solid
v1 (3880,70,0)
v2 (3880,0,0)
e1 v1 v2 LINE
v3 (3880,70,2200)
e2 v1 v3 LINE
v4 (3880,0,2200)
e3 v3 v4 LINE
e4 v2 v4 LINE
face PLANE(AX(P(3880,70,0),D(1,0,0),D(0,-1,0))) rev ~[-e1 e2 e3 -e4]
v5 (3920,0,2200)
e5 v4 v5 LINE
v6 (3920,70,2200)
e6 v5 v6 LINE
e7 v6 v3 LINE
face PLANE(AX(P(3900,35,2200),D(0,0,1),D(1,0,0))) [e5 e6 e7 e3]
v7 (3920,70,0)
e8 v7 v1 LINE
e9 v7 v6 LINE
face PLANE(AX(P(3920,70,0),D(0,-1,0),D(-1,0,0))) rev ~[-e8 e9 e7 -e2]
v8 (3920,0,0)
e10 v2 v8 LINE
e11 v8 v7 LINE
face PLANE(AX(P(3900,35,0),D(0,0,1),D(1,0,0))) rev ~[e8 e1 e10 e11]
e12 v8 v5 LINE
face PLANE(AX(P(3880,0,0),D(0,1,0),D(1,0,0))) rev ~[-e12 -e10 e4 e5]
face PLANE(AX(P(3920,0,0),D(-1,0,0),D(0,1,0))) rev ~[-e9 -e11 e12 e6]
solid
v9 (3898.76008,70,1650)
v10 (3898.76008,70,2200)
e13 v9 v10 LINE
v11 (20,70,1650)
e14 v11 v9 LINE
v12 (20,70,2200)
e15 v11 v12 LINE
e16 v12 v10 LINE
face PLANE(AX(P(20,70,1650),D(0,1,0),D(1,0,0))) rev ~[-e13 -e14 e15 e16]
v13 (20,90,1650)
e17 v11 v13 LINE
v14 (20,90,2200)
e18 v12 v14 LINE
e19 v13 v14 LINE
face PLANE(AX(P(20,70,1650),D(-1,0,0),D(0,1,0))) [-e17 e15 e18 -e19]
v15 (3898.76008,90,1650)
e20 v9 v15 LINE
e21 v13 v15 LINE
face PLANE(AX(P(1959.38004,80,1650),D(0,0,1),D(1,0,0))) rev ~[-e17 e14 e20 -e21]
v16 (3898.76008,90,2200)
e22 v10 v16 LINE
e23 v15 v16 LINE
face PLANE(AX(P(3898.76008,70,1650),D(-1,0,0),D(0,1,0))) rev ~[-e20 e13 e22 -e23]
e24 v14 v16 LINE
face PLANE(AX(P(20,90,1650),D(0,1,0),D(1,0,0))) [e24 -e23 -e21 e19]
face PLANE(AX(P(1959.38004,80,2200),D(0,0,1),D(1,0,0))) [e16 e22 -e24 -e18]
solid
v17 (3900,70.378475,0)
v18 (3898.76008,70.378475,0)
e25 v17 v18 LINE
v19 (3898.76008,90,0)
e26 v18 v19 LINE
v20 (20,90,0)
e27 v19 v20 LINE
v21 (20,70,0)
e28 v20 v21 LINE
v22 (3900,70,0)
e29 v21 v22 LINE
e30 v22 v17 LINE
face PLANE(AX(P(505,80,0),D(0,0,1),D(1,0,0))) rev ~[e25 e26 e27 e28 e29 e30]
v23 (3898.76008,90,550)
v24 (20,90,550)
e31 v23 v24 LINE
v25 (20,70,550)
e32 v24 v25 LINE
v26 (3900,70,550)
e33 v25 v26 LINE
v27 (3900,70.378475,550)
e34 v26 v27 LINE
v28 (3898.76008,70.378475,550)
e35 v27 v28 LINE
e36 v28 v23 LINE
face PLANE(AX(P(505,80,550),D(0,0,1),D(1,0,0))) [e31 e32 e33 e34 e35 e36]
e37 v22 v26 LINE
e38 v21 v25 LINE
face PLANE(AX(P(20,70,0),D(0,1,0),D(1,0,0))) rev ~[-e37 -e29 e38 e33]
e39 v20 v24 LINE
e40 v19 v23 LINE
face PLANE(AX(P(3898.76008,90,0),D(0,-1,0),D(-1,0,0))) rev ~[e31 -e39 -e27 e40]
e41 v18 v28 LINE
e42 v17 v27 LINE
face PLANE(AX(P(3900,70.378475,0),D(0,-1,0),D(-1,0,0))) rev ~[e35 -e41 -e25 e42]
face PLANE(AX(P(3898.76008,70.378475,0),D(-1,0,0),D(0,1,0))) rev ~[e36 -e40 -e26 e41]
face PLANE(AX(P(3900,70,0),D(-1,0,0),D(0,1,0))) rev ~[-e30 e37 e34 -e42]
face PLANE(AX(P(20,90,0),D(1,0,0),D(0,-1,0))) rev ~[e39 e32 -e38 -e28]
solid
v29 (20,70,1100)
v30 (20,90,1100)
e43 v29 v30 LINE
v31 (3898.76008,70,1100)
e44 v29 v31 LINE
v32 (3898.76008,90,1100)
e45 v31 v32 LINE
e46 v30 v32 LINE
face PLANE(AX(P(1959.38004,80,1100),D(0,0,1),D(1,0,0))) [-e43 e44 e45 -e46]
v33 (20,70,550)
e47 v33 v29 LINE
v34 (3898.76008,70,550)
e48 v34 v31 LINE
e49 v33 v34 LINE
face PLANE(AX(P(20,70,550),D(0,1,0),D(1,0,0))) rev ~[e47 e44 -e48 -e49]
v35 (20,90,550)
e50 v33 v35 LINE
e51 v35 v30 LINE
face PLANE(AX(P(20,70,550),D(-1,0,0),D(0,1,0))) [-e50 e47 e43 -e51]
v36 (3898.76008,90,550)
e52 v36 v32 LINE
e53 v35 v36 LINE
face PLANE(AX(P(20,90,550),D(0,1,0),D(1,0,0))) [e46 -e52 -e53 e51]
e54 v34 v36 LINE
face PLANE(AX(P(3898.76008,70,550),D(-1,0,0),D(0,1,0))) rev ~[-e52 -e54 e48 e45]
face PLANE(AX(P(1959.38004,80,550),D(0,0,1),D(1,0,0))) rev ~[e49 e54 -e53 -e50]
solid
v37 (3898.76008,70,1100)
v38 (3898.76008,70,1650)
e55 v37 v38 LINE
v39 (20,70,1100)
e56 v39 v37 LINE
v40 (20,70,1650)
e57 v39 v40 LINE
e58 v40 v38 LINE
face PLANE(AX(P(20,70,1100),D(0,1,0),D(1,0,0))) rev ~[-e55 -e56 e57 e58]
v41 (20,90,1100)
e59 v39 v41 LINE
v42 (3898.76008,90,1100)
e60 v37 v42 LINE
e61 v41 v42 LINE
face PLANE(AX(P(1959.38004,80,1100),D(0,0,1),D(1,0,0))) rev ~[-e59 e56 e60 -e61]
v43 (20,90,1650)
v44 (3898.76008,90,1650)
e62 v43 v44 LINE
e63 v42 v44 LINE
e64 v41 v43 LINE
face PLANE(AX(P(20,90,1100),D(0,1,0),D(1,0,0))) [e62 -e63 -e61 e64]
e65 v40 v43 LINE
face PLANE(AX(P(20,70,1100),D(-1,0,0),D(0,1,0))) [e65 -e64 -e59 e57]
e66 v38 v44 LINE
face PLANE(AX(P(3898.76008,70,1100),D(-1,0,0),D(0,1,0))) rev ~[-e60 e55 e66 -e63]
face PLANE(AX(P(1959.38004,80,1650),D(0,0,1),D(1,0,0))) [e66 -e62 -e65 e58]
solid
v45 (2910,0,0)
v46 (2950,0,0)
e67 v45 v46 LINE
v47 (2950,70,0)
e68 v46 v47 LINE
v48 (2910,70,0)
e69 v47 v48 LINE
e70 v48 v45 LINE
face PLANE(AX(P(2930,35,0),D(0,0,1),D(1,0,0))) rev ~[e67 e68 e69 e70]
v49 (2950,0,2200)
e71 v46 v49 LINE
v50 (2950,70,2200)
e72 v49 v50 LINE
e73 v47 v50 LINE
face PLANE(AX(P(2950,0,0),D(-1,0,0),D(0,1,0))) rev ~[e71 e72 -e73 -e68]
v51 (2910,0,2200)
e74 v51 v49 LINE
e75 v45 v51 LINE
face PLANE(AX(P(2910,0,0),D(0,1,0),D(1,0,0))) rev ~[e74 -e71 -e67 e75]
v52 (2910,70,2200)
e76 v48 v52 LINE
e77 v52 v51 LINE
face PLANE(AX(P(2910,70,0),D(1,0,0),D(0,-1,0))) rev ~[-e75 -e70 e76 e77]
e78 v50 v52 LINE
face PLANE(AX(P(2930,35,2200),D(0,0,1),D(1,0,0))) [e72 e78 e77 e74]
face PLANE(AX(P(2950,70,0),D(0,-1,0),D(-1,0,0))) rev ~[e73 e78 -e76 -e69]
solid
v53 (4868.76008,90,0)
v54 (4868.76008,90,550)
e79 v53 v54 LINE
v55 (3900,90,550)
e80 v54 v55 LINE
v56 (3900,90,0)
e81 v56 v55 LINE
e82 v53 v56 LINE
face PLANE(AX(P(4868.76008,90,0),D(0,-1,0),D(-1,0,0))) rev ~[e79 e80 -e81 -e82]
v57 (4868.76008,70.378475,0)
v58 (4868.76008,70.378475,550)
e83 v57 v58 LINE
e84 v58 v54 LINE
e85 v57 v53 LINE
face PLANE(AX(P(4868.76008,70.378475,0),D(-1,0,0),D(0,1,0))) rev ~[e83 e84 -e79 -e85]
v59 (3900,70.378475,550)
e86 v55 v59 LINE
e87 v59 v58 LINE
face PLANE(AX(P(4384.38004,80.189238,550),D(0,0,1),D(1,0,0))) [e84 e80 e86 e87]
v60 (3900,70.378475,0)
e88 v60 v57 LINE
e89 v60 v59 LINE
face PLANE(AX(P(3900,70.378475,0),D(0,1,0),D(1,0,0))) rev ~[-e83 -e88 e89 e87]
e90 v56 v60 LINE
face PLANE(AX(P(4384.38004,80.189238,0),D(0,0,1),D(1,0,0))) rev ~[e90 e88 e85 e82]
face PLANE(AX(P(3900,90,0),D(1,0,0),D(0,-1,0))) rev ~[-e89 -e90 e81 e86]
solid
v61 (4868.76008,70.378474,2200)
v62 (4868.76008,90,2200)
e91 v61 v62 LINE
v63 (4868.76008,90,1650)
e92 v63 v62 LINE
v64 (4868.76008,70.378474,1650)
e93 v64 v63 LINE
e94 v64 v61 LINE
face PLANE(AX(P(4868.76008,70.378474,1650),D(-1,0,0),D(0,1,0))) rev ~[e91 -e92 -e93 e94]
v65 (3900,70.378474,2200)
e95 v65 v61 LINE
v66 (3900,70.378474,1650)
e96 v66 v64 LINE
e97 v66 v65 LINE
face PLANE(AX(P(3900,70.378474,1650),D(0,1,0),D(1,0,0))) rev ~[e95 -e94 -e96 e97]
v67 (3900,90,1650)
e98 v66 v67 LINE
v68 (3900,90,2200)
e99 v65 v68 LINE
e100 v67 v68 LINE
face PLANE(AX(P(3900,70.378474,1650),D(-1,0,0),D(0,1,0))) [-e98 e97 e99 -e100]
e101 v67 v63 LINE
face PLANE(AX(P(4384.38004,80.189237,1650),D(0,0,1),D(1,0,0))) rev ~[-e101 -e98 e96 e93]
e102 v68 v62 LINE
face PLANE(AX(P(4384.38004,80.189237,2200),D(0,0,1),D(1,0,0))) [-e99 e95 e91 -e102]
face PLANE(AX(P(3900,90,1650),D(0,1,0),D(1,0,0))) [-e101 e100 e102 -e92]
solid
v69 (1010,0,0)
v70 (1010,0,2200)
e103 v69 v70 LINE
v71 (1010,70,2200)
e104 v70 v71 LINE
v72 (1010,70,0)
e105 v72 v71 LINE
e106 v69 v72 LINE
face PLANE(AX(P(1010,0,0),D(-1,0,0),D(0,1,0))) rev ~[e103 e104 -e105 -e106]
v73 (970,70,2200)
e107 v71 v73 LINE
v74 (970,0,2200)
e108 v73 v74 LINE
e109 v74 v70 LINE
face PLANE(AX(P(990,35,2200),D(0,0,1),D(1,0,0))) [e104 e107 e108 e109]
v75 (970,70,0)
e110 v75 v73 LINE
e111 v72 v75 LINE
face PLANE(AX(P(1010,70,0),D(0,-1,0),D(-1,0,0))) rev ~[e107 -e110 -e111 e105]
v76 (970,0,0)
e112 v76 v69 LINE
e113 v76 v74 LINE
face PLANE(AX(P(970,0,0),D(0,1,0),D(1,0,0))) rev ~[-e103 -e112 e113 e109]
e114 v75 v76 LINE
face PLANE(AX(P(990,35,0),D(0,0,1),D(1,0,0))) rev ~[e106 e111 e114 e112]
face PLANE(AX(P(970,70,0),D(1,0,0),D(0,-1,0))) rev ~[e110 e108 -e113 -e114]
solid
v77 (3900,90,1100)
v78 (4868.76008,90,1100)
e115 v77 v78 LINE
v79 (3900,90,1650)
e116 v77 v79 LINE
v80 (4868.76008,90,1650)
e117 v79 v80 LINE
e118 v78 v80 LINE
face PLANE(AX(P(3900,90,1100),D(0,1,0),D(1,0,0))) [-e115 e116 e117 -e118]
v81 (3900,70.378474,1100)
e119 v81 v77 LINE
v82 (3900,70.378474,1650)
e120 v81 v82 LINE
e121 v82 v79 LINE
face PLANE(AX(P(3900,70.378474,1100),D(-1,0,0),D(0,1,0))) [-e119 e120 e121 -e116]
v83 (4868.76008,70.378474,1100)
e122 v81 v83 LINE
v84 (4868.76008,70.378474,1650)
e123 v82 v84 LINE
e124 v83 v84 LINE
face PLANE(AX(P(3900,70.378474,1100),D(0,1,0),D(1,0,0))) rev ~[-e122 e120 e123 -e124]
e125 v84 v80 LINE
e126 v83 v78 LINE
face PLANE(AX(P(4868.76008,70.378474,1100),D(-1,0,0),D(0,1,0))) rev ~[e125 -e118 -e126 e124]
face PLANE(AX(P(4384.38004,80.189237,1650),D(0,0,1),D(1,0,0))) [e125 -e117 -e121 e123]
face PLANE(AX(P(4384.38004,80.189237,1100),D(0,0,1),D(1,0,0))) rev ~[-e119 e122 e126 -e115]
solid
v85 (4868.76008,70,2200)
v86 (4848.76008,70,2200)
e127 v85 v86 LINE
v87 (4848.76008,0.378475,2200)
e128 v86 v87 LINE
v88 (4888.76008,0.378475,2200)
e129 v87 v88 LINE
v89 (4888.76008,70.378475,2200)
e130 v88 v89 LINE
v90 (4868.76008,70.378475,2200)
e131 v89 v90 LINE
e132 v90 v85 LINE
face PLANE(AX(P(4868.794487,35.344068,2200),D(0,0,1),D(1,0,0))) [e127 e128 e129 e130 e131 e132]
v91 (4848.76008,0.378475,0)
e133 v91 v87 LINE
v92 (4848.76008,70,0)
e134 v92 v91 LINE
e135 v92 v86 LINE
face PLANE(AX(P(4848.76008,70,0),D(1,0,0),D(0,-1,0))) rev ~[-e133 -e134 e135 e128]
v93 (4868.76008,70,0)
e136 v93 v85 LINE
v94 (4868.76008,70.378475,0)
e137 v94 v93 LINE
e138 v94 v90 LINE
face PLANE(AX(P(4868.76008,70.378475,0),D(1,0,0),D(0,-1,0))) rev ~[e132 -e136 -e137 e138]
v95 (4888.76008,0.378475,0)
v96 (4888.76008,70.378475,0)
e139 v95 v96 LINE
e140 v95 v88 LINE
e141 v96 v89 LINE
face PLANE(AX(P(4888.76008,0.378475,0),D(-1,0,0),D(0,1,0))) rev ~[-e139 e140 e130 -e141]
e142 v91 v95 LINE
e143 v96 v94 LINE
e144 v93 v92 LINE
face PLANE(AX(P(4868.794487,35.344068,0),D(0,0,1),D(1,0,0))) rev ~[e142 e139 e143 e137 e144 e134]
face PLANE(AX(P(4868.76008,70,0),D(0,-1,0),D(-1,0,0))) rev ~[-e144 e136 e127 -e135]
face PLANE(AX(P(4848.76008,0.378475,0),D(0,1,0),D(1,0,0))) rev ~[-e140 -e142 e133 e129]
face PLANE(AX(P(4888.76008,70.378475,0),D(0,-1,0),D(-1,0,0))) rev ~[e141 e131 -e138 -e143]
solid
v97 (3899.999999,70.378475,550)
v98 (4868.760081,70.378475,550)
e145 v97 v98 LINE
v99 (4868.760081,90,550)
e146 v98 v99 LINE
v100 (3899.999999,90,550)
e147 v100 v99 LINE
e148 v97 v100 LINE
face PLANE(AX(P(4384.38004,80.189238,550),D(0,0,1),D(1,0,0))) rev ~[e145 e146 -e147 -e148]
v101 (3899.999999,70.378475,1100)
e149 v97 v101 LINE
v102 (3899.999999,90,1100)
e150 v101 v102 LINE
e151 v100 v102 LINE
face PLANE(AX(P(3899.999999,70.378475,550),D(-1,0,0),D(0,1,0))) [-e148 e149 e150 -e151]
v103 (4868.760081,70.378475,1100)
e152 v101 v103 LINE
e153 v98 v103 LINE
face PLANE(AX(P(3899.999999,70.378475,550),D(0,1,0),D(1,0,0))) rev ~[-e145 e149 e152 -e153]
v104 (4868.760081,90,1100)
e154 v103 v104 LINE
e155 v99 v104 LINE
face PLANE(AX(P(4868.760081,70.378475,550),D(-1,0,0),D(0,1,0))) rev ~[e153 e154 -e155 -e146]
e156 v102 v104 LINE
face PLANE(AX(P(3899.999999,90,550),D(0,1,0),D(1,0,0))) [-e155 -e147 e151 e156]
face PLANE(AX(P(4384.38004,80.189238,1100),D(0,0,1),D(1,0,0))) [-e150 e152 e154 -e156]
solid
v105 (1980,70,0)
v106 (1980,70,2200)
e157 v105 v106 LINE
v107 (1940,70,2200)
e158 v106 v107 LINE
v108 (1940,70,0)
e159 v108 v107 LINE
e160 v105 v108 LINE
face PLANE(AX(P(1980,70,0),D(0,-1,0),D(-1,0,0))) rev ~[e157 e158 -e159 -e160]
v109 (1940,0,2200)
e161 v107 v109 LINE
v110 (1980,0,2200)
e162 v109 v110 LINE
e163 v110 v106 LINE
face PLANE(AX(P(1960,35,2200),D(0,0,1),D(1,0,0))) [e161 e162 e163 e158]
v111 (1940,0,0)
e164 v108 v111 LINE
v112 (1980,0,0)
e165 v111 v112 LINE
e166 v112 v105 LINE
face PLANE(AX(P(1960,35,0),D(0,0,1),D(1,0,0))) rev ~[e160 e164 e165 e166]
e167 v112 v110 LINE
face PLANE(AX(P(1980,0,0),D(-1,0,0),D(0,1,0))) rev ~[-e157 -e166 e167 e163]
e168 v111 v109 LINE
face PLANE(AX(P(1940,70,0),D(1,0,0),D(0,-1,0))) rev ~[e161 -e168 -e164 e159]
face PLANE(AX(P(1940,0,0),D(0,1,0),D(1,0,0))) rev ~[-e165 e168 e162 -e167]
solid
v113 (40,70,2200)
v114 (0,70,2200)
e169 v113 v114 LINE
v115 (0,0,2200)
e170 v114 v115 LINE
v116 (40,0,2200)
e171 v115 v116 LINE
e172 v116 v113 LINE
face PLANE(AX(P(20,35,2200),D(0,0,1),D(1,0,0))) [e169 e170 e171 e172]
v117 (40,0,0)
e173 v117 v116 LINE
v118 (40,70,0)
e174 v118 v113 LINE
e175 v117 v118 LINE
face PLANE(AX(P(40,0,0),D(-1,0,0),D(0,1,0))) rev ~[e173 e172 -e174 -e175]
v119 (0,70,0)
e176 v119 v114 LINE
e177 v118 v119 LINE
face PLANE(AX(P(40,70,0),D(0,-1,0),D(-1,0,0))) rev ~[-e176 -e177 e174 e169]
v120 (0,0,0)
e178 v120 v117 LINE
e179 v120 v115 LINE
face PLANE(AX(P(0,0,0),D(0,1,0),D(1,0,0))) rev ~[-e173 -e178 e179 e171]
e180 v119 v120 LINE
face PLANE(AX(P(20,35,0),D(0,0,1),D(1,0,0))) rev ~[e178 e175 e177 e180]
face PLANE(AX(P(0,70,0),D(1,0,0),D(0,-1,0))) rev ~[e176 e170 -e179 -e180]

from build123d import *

# Parameters (mm, degrees)
F1_DEPTH  = 2200
F2_DEPTH  = 550
F3_W      = 3878.76008
F3_H      = 20
F2_FACE_W = 968.760081
F2_FACE_H = 19.621525
F4_DEPTH  = 550
F5_W      = 3878.76008
F5_H      = 20
F4_FACE_W = 968.76008
F4_FACE_H = 19.621525
F6_DEPTH  = 550
F7_W      = 3878.76008
F7_H      = 20
F6_FACE_W = 968.76008
F6_FACE_H = 19.621525
F8_DEPTH  = 550


with BuildPart() as f1:
    # F0 (on Top) → F1 (new body)
    with BuildSketch(Plane.XY):
        Polygon((0, 70), (0, 0), (40, 0), (40, 70), (20, 70), align=None)
        Polygon((990, 70), (970, 70), (970, 0), (1010, 0), (1010, 70), align=None)
        Polygon((1960, 70), (1940, 70), (1940, 0), (1980, 0), (1980, 70), align=None)
        Polygon((2950, 70), (2930, 70), (2910, 70), (2910, 0), (2950, 0), align=None)
        Polygon((3900, 70), (3880, 70), (3880, 0), (3920, 0), (3920, 70), align=None)
        Polygon((4888.76008, 70.378475), (4868.76008, 70.378475), (4868.76008, 70), (4848.76008, 70), (4848.76008, 0.378475), (4888.76008, 0.378475), align=None)
    extrude(amount=F1_DEPTH)


with BuildPart() as f2:
    # F0 (on Top) → F2 (new body)
    with BuildSketch(Plane.XY):
        Polygon((20, 70), (40, 70), (970, 70), (990, 70), (990, 90), (20, 90), align=None)
        Polygon((990, 90), (990, 70), (1010, 70), (1940, 70), (1960, 70), (1960, 90), align=None)
        Polygon((2930, 90), (1960, 90), (1960, 70), (1980, 70), (2910, 70), (2930, 70), align=None)
        Polygon((3898.76008, 90), (2930, 90), (2930, 70), (2950, 70), (3880, 70), (3900, 70), (3900, 70.378475), (3898.76008, 70.378475), align=None)
        Polygon((4868.76008, 90), (3900, 90), (3900, 70.378475), (4848.76008, 70.378475), (4868.76008, 70.378475), align=None)
    extrude(amount=F2_DEPTH)


with BuildPart() as f4:
    # F3 (on face) + F2_face (on face) → F4 (new body)
    with BuildSketch(Plane.XY.offset(550)):
        with Locations((1959.38004, 80)):
            Rectangle(F3_W, F3_H)
    with BuildSketch(Plane(origin=(1959.391776, 79.999941, 550), x_dir=(1, 0, 0), z_dir=(0, 0, 1))):
        with Locations((2424.988264, 0.189297)):
            Rectangle(F2_FACE_W, F2_FACE_H)
    extrude(amount=F4_DEPTH)


with BuildPart() as f6:
    # F5 (on face) + F4_face (on face) → F6 (new body)
    with BuildSketch(Plane.XY.offset(1100)):
        with Locations((1959.38004, 80)):
            Rectangle(F5_W, F5_H)
    with BuildSketch(Plane(origin=(1959.38004, 80, 1100), x_dir=(1, 0, 0), z_dir=(0, 0, 1))):
        with Locations((2425, 0.189237)):
            Rectangle(F4_FACE_W, F4_FACE_H)
    extrude(amount=F6_DEPTH)


with BuildPart() as f8:
    # F7 (on face) + F6_face (on face) → F8 (new body)
    with BuildSketch(Plane.XY.offset(1650)):
        with Locations((1959.38004, 80)):
            Rectangle(F7_W, F7_H)
    with BuildSketch(Plane(origin=(1959.38004, 80, 1650), x_dir=(1, 0, 0), z_dir=(0, 0, 1))):
        with Locations((2425, 0.189237)):
            Rectangle(F6_FACE_W, F6_FACE_H)
    extrude(amount=F8_DEPTH)


solid = Compound([f1.part, f2.part, f4.part, f6.part, f8.part])
